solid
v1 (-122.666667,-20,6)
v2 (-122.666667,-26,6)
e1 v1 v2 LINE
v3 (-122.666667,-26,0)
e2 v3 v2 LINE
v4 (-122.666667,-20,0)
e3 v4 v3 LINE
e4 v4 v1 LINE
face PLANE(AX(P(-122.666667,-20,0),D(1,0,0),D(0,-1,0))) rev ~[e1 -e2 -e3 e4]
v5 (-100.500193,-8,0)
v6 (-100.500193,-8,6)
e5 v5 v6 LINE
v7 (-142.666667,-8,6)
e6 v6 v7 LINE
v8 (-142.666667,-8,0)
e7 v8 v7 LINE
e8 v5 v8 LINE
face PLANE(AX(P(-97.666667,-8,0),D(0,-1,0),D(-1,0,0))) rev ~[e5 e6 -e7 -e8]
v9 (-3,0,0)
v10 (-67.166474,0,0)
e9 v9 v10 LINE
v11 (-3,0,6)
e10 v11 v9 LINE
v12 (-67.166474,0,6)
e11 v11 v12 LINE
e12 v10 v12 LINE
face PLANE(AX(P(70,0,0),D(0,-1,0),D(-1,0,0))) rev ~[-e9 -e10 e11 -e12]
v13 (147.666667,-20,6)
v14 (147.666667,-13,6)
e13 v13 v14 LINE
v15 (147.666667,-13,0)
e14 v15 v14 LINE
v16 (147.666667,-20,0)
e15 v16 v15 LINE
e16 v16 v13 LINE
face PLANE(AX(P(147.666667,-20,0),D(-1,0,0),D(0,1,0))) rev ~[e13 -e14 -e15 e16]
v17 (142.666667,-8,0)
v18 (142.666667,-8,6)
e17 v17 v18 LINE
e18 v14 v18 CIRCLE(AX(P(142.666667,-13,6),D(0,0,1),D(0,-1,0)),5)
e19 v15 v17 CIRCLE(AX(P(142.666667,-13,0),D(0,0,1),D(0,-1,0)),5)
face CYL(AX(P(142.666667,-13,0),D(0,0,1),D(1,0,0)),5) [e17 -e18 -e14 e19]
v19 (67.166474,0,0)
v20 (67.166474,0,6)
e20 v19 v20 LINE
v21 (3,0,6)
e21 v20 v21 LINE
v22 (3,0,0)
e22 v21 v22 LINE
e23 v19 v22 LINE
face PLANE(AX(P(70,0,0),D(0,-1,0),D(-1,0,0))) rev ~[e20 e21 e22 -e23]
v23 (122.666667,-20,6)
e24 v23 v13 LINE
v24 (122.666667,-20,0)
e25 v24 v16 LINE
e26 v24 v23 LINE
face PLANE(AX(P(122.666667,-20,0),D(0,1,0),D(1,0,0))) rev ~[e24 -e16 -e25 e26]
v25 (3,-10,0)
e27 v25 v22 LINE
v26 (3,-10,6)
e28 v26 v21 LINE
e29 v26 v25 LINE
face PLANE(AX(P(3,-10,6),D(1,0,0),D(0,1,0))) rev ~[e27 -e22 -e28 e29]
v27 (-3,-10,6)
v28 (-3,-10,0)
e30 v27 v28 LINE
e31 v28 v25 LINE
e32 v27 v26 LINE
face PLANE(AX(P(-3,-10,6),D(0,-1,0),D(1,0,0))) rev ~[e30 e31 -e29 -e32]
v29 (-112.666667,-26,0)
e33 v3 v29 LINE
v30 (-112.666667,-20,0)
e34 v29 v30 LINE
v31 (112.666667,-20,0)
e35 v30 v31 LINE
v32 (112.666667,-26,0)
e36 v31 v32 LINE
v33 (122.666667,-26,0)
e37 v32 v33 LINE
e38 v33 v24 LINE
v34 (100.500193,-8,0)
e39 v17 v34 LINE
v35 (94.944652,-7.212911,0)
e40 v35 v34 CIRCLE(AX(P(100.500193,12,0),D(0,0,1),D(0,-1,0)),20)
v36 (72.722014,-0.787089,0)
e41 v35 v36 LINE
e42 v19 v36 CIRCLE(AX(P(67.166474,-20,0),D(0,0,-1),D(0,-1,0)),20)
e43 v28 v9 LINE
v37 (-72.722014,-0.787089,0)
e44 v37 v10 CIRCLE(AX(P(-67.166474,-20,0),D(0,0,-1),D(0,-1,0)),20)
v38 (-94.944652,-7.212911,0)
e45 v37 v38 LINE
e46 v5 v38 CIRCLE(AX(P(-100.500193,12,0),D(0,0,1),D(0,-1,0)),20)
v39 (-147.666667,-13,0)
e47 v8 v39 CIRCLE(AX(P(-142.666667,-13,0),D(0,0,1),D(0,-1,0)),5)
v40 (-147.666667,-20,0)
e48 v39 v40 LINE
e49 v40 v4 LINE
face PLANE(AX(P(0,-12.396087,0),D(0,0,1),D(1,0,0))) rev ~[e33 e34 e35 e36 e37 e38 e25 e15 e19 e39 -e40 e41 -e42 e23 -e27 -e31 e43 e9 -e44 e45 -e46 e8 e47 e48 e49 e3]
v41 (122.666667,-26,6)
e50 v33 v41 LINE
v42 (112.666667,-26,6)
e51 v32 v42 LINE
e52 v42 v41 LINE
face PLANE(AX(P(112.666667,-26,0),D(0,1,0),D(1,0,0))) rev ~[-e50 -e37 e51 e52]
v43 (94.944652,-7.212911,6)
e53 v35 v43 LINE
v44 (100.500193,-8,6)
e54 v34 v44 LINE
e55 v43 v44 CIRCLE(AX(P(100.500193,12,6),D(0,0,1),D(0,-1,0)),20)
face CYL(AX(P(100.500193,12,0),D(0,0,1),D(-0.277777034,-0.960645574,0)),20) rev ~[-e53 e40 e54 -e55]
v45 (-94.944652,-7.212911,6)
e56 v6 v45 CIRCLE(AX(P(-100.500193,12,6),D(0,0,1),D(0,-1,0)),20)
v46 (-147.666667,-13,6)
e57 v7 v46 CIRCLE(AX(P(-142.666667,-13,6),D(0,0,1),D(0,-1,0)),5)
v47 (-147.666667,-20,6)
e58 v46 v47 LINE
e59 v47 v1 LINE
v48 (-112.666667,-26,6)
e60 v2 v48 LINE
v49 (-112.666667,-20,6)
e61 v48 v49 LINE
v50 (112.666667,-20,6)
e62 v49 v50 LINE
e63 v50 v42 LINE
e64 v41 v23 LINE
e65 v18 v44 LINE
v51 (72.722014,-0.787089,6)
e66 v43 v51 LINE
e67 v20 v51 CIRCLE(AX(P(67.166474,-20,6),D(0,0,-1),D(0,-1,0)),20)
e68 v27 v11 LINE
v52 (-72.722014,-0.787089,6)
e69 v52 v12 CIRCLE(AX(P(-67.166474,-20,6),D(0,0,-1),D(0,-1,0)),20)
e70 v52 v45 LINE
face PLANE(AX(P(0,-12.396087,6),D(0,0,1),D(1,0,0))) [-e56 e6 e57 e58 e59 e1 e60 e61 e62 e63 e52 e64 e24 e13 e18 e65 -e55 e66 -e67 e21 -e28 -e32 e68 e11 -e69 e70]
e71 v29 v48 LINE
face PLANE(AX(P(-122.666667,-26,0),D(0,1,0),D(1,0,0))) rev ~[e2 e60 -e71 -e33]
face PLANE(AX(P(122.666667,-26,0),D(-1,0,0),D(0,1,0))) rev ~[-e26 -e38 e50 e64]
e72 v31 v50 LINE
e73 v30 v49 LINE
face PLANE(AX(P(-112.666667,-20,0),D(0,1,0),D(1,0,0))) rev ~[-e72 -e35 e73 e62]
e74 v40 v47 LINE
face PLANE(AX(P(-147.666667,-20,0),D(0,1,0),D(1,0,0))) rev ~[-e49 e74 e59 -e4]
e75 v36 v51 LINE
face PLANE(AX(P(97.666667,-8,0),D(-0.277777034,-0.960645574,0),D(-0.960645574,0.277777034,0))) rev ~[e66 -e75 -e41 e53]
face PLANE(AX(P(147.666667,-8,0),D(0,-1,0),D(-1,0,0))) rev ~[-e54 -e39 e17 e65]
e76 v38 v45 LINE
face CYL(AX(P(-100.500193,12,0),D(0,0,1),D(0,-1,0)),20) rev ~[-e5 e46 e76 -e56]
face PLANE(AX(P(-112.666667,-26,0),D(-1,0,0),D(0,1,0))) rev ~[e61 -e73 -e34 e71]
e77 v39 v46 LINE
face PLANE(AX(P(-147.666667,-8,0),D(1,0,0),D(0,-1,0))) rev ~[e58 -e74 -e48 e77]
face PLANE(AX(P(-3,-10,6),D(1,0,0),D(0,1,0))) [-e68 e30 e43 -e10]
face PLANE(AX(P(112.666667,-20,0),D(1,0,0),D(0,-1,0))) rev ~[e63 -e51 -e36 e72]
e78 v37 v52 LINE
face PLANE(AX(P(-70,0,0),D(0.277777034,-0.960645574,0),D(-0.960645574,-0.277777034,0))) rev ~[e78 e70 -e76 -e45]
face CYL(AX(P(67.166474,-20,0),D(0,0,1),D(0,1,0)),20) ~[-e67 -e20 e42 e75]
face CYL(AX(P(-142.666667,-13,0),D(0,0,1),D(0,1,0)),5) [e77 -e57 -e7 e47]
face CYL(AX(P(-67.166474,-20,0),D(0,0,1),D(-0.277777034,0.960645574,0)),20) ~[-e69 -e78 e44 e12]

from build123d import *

# Parameters (mm, degrees)
BOSS_EXTRUDE1_DEPTH     = 6
FILLET1_R               = 5
FILLET2_R               = 20
SKETCH2_W               = 6
SKETCH2_H               = 10
CUT_EXTRUDE1_DEPTH      = 1
CUT_EXTRUDE1_DEPTH_BACK = 7


with BuildPart() as part:
    # Sketch1 → Boss-Extrude1 (new body)
    with BuildSketch(Plane.XY):
        Polygon((70, 0), (-70, 0), (-97.66666667, -8), (-147.66666667, -8), (-147.66666667, -20), (-122.66666667, -20), (-122.66666667, -26), (-112.66666667, -26), (-112.66666667, -20), (112.66666667, -20), (112.66666667, -26), (122.66666667, -26), (122.66666667, -20), (147.66666667, -20), (147.66666667, -8), (97.66666667, -8), align=None)
    extrude(amount=BOSS_EXTRUDE1_DEPTH)

    # Fillet1
    fillet1_edges = [part.edges().sort_by_distance(p)[0] for p in [
        (-147.66666667, -8, 3),
        (147.66666667, -8, 3),
    ]]
    fillet(fillet1_edges, radius=FILLET1_R)

    # Fillet2
    fillet2_edges = [part.edges().sort_by_distance(p)[0] for p in [
        (-97.66666667, -8, 3),
        (-70, 0, 3),
        (70, 0, 3),
        (97.66666667, -8, 3),
    ]]
    fillet(fillet2_edges, radius=FILLET2_R)

    # Sketch2 → Cut-Extrude1 (cut, two sides)
    with BuildSketch(Plane.XY.offset(6)) as cut_extrude1_sk:
        with Locations((0, -5)):
            Rectangle(SKETCH2_W, SKETCH2_H)
    extrude(amount=CUT_EXTRUDE1_DEPTH, mode=Mode.SUBTRACT)
    extrude(cut_extrude1_sk.sketch, amount=-CUT_EXTRUDE1_DEPTH_BACK, mode=Mode.SUBTRACT)


solid = part.part
